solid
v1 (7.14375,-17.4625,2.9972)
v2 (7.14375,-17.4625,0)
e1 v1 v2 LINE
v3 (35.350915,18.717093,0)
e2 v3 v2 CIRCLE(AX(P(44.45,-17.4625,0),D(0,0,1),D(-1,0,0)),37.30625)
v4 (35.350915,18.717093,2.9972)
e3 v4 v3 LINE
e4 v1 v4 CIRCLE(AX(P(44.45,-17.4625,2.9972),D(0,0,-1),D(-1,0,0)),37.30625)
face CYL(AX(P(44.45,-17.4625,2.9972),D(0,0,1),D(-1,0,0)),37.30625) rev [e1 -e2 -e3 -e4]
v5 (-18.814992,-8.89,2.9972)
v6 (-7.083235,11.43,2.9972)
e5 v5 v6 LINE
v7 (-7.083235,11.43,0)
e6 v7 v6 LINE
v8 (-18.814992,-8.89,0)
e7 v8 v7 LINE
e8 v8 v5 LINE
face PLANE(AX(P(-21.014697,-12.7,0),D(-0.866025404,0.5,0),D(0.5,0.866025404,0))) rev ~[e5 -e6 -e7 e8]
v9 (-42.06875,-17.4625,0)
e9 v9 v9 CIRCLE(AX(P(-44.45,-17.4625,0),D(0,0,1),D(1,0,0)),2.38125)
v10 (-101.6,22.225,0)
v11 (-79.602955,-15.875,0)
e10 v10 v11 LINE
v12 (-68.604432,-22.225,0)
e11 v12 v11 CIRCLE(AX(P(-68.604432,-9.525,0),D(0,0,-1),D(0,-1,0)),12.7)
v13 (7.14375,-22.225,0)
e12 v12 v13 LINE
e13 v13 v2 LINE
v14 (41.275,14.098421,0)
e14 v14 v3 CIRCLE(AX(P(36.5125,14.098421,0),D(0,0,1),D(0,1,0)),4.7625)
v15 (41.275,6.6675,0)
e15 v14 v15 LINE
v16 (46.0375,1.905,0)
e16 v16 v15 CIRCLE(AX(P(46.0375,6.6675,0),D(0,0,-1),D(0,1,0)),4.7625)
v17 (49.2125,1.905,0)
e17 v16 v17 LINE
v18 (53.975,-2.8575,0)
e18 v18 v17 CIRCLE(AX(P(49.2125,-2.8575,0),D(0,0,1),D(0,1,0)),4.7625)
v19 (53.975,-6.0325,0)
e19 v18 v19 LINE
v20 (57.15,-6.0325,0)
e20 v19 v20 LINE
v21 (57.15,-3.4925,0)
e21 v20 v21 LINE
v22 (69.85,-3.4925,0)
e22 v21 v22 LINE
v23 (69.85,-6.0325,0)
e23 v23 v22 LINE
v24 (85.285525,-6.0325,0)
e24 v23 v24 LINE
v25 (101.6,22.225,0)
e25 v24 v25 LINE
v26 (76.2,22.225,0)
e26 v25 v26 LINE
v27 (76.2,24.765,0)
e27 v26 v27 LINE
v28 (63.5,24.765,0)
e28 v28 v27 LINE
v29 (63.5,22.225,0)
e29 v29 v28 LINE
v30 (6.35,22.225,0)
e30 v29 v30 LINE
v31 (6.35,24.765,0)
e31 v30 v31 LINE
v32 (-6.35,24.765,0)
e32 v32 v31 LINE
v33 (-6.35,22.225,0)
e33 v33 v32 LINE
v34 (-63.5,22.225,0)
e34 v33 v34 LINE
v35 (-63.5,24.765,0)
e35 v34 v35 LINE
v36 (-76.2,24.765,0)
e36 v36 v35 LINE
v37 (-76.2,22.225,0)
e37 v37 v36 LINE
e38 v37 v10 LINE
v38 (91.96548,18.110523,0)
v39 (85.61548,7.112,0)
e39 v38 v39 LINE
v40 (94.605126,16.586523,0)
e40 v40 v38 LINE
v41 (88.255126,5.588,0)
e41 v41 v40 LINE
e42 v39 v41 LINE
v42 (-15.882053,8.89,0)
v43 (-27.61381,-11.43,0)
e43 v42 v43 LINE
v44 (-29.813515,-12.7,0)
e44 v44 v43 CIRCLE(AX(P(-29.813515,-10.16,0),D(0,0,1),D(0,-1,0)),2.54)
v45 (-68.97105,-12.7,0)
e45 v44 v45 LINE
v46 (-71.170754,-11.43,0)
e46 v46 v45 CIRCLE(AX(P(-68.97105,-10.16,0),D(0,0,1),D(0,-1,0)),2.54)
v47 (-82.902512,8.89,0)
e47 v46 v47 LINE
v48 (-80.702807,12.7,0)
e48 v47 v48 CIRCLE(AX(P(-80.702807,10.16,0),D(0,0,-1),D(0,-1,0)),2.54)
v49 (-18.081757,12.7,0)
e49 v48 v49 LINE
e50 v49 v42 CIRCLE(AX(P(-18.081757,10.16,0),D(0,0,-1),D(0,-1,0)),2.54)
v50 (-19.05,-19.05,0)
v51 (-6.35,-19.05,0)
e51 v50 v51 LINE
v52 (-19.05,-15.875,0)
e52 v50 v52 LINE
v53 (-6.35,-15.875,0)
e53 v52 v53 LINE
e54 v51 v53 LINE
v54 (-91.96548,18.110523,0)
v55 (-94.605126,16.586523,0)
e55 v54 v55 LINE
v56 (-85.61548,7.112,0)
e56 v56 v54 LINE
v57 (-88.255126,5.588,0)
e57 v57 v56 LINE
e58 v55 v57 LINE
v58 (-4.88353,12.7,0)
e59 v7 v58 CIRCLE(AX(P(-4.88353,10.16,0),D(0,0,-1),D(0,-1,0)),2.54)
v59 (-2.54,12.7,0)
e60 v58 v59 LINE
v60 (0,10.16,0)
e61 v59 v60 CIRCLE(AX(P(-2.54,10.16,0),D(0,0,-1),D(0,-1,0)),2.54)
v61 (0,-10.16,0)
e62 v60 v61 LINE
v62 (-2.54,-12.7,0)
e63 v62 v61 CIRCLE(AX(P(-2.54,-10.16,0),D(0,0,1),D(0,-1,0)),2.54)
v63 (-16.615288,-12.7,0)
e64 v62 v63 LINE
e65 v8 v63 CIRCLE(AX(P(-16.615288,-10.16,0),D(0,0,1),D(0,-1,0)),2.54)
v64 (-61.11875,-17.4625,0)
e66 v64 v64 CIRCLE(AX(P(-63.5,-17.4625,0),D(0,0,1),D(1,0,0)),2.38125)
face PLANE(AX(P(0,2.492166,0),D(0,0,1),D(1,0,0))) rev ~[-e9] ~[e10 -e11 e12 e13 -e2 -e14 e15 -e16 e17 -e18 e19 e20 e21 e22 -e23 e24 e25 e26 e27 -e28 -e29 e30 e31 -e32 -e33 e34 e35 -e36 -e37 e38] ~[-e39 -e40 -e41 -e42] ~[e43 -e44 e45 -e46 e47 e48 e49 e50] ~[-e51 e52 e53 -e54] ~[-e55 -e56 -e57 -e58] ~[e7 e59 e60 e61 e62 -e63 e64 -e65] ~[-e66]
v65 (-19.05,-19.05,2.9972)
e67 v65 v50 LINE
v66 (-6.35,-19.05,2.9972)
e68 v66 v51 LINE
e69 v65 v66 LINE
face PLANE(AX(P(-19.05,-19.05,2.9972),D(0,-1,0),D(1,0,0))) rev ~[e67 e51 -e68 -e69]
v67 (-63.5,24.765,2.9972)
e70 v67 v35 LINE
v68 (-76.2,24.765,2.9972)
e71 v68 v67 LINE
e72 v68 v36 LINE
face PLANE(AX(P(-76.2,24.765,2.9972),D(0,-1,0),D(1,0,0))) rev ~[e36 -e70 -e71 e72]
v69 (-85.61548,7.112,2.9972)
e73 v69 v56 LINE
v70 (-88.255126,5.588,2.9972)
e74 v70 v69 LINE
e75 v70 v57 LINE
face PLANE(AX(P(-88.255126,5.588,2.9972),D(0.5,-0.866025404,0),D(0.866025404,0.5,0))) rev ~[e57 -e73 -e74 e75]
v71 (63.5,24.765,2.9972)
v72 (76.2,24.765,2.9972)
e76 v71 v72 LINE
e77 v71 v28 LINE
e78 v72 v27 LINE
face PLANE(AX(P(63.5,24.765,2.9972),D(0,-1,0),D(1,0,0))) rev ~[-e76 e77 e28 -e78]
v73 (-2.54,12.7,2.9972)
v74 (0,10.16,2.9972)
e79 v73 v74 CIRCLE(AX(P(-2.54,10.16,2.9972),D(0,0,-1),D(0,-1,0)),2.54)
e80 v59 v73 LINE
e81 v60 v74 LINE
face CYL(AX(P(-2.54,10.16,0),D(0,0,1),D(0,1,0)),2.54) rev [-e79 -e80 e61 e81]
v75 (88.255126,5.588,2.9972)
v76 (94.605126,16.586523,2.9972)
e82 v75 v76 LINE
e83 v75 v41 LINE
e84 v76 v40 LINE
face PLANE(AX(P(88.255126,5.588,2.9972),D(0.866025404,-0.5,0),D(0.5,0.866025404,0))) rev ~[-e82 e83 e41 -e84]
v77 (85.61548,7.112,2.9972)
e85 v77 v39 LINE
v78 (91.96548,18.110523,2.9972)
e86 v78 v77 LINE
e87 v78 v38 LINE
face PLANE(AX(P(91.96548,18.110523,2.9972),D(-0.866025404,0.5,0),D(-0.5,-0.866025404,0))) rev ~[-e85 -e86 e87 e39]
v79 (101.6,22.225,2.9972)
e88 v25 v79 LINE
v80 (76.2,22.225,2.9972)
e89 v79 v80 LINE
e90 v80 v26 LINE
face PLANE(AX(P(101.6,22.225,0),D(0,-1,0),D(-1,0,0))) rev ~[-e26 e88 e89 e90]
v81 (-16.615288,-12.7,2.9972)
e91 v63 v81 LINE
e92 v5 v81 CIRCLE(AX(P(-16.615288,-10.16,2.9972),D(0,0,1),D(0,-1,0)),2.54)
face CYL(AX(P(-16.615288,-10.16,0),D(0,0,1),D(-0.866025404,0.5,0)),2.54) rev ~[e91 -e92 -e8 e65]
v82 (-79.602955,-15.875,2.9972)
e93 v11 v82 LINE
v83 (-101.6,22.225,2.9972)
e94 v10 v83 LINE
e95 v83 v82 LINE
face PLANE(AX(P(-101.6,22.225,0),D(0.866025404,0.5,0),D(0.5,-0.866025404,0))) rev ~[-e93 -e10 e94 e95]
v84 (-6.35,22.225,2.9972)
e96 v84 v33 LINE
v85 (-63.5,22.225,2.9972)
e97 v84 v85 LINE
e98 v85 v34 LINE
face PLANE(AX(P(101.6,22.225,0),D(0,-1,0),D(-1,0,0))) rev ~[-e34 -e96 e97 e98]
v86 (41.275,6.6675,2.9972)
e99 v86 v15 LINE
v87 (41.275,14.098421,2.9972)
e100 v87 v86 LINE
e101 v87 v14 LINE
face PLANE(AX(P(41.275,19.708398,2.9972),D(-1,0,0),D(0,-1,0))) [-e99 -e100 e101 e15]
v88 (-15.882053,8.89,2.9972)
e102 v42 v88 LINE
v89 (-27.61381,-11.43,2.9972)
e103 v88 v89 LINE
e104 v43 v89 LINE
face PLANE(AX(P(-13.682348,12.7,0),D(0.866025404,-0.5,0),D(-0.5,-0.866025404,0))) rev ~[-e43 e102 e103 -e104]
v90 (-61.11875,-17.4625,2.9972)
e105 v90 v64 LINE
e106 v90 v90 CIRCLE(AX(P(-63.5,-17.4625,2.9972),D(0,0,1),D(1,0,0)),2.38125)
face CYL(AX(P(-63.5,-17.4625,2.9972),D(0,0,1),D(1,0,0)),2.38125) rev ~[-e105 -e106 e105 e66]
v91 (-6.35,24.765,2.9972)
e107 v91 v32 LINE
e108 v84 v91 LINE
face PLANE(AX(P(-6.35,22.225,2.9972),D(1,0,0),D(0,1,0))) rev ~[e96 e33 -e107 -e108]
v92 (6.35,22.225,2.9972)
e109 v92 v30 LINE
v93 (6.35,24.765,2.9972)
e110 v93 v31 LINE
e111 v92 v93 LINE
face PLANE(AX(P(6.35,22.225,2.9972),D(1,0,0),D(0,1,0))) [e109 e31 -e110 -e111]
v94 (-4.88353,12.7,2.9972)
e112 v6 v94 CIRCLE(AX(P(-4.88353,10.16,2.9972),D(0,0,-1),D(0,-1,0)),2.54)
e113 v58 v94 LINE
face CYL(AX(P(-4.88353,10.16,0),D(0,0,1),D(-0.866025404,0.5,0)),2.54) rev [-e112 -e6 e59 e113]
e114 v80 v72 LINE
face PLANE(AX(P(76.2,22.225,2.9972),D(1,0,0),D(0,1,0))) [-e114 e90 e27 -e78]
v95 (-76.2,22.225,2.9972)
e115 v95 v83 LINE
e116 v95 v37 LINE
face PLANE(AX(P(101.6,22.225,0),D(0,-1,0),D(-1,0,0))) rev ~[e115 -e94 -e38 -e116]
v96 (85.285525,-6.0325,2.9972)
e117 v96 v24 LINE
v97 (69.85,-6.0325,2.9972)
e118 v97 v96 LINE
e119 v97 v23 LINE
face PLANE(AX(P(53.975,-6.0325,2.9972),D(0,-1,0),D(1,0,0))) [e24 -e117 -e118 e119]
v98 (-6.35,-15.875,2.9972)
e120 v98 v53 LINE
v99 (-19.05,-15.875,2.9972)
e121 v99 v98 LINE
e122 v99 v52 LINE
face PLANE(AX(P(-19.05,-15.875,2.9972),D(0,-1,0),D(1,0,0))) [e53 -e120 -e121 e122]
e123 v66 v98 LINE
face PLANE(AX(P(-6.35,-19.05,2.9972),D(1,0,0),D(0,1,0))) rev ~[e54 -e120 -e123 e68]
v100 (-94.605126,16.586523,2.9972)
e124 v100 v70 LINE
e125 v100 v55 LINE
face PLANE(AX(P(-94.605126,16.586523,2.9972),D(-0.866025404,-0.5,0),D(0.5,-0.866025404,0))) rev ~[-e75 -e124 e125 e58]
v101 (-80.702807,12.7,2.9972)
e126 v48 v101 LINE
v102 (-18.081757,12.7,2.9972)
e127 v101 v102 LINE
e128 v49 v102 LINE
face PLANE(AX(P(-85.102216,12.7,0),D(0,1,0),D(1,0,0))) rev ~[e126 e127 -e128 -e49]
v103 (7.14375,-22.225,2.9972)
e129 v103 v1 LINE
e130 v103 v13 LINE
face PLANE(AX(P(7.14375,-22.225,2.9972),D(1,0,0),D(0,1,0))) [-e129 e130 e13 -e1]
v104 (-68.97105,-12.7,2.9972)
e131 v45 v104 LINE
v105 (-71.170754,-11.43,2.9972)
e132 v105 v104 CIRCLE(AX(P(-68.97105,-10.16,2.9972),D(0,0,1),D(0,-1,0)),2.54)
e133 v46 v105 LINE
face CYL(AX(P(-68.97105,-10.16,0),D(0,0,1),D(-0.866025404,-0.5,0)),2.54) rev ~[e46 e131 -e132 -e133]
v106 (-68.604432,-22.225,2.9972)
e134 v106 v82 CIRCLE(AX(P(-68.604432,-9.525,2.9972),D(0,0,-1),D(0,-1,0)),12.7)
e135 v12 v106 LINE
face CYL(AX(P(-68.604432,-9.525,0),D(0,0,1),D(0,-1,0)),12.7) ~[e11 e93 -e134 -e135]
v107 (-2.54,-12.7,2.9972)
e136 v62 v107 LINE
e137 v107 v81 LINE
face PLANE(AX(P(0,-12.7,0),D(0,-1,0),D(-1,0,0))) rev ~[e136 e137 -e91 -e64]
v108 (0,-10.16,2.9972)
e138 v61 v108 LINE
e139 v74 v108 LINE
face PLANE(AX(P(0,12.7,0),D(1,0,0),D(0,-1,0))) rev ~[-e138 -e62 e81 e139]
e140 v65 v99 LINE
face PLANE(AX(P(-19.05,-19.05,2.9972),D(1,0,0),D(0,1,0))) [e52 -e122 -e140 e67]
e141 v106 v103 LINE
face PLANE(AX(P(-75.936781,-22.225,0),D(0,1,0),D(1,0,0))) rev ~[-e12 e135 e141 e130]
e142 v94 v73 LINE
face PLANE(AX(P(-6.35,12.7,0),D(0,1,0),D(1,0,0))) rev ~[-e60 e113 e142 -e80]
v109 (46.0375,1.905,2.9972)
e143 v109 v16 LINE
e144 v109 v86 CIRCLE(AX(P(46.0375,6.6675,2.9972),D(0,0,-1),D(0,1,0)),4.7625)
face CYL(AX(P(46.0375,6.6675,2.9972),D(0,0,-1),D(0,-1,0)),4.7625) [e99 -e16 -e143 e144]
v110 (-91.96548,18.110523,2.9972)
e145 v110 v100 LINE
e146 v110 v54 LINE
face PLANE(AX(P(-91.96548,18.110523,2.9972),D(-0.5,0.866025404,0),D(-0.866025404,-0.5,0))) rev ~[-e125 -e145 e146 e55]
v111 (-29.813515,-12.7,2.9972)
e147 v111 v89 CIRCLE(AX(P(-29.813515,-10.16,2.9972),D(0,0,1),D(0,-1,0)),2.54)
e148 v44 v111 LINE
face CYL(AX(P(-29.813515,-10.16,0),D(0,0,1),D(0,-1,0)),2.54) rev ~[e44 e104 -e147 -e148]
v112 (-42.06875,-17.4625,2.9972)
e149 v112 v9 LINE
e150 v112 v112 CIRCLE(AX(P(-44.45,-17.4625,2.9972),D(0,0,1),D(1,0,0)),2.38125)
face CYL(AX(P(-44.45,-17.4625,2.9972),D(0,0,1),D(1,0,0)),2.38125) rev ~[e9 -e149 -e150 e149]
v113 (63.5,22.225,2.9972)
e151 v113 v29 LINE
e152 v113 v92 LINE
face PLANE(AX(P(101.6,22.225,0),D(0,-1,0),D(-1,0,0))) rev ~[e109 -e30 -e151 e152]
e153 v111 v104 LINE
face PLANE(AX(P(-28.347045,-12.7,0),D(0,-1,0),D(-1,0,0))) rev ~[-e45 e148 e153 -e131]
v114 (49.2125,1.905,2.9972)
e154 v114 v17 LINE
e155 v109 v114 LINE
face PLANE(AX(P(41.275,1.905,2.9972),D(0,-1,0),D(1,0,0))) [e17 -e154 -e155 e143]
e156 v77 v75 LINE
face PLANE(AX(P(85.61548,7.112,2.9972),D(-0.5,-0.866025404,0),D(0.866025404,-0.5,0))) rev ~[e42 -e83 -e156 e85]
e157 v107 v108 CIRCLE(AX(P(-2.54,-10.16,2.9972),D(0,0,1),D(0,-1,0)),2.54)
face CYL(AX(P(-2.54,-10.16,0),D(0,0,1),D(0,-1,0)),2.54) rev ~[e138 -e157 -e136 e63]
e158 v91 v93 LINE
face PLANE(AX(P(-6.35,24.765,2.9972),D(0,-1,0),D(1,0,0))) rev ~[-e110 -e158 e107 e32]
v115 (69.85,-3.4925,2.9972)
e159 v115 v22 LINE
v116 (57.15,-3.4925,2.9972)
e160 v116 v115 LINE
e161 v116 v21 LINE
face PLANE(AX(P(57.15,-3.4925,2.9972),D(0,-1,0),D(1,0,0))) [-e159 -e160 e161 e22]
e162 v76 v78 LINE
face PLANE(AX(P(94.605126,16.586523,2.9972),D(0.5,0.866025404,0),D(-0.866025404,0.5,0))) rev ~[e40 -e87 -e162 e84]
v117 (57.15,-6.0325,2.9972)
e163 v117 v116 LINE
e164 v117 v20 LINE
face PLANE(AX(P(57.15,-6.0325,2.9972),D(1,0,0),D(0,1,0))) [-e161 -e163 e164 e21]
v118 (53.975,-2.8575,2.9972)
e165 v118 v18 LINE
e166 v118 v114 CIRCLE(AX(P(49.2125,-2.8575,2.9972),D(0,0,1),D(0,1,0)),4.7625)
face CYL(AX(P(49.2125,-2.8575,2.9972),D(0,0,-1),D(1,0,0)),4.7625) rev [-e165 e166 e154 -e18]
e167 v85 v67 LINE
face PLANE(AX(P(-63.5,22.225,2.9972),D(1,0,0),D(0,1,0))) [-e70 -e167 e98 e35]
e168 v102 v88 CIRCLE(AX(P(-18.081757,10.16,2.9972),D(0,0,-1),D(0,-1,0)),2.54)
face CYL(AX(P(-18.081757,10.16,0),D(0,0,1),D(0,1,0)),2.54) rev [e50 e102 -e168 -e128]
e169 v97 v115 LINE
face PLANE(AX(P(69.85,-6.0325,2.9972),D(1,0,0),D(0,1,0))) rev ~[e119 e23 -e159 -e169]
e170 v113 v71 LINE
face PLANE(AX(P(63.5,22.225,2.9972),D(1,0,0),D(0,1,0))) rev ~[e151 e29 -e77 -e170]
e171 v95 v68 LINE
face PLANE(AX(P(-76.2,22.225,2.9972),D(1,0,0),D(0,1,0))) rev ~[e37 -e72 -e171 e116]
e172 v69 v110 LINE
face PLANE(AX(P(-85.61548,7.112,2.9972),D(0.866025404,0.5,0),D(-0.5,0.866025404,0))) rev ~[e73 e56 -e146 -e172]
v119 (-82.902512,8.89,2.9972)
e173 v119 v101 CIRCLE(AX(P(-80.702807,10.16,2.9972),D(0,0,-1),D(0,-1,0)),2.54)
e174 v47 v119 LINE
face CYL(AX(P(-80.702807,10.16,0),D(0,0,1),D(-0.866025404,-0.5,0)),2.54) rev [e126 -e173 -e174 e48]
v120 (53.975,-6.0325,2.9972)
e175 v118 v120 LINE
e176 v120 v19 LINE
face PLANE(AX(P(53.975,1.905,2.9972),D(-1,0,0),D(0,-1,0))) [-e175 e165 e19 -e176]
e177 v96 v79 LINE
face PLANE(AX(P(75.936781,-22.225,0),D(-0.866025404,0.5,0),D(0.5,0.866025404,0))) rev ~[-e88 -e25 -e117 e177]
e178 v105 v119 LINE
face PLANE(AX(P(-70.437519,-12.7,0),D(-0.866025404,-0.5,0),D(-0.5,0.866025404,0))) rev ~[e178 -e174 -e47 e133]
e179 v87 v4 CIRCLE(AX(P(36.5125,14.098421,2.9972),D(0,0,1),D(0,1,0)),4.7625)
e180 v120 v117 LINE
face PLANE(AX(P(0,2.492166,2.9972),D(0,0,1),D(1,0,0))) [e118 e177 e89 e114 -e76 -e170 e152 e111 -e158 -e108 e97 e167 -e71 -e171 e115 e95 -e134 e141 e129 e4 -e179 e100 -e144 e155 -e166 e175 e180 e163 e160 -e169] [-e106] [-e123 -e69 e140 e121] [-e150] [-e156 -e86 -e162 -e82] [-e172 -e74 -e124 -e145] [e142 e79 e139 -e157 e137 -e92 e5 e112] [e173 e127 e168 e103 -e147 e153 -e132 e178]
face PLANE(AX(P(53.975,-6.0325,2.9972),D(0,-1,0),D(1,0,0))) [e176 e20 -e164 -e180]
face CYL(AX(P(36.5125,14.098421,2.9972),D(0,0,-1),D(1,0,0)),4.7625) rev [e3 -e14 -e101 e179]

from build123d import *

# Parameters (mm, degrees)
EXTRUDE1_DEPTH        = 2.9972
SKETCH2_W             = 12.7
SKETCH2_H             = 2.54
TABS_DEPTH            = 2.9972
SKETCH3_W             = 12.7
SKETCH3_H             = 3.175
SKETCH3_H_2           = 2.54
SLOTS_DEPTH           = 3.9972
SKETCH4_R             = 2.38125
HOLES_DEPTH           = 3.9972
WHEEL_CLEARANCE_DEPTH = 3.9972
FILLET1_R             = 2.54
FILLET2_R             = 4.7625
FILLET3_R             = 12.7


with BuildPart() as part:
    # Sketch1 → Extrude1 (new body)
    with BuildSketch(Plane.XY):
        Polygon((101.6, 22.225), (-101.6, 22.225), (-75.936780535, -22.225), (75.936780535, -22.225), align=None)
        Polygon((-85.102216058, 12.7), (-13.682348419, 12.7), (-28.347045256, -12.7), (-70.43751922, -12.7), align=None, mode=Mode.SUBTRACT)
        Polygon((-6.35, 12.7), (0, 12.7), (0, -12.7), (-21.014696837, -12.7), align=None, mode=Mode.SUBTRACT)
    extrude(amount=EXTRUDE1_DEPTH)

    # Sketch2 → Tabs (add, through all)
    with BuildSketch(Plane.XY.offset(2.9972)):
        with Locations((-69.85, 23.495)):
            Rectangle(SKETCH2_W, SKETCH2_H)
        with Locations((69.85, 23.495)):
            Rectangle(SKETCH2_W, SKETCH2_H)
        with Locations((0, 23.495)):
            Rectangle(SKETCH2_W, SKETCH2_H)
    extrude(amount=-TABS_DEPTH)

    # Sketch3 → Slots (cut, through all)
    with BuildSketch(Plane.XY.offset(2.9972)):
        Polygon((-94.605125878, 16.586522628), (-88.255125878, 5.588), (-85.615480447, 7.112), (-91.965480447, 18.110522628), align=None)
        with Locations((-12.7, -17.4625)):
            Rectangle(SKETCH3_W, SKETCH3_H)
        Polygon((91.965480447, 18.110522628), (85.615480447, 7.112), (88.255125878, 5.588), (94.605125878, 16.586522628), align=None)
        with Locations((63.5, -4.7625)):
            Rectangle(SKETCH3_W, SKETCH3_H_2)
    extrude(amount=-SLOTS_DEPTH, mode=Mode.SUBTRACT)

    # Sketch4 → Holes (cut, through all)
    with BuildSketch(Plane.XY.offset(2.9972)):
        with Locations((-63.5, -17.4625)):
            Circle(SKETCH4_R)
        with Locations((-44.45, -17.4625)):
            Circle(SKETCH4_R)
    extrude(amount=-HOLES_DEPTH, mode=Mode.SUBTRACT)

    # Sketch5 → Wheel Clearance (cut, through all)
    with BuildSketch(Plane.XY.offset(2.9972)):
        with BuildLine():
            Line((41.275, 19.70839808), (41.275, 1.905))
            Line((41.275, 1.905), (53.975, 1.905))
            Line((53.975, 1.905), (53.975, -6.0325))
            Line((53.975, -6.0325), (85.285524768, -6.0325))
            Line((85.285524768, -6.0325), (85.285524768, -22.225))
            Line((85.285524768, -22.225), (29.36875, -22.225))
            Line((29.36875, -22.225), (7.14375, -22.225))
            Line((7.14375, -22.225), (7.14375, -17.4625))
            ThreePointArc((7.14375, -17.4625), (16.970883995, 7.769512854), (41.275, 19.70839808))
        make_face()
    extrude(amount=-WHEEL_CLEARANCE_DEPTH, mode=Mode.SUBTRACT)

    # Fillet1
    fillet1_edges = [part.edges().sort_by_distance(p)[0] for p in [
        (-21.014696837, -12.7, 1.4986),
        (0, -12.7, 1.4986),
        (0, 12.7, 1.4986),
        (-6.35, 12.7, 1.4986),
        (-28.347045256, -12.7, 1.4986),
        (-13.682348419, 12.7, 1.4986),
        (-85.102216058, 12.7, 1.4986),
        (-70.43751922, -12.7, 1.4986),
    ]]
    fillet(fillet1_edges, radius=FILLET1_R)

    # Fillet2
    fillet2_edges = [part.edges().sort_by_distance(p)[0] for p in [
        (41.275, 19.70839808, 1.4986),
        (41.275, 1.905, 1.4986),
        (53.975, 1.905, 1.4986),
    ]]
    fillet(fillet2_edges, radius=FILLET2_R)

    # Fillet3
    fillet3_edges = [part.edges().sort_by_distance(p)[0] for p in [
        (-75.936780535, -22.225, 1.4986),
    ]]
    fillet(fillet3_edges, radius=FILLET3_R)


solid = part.part
